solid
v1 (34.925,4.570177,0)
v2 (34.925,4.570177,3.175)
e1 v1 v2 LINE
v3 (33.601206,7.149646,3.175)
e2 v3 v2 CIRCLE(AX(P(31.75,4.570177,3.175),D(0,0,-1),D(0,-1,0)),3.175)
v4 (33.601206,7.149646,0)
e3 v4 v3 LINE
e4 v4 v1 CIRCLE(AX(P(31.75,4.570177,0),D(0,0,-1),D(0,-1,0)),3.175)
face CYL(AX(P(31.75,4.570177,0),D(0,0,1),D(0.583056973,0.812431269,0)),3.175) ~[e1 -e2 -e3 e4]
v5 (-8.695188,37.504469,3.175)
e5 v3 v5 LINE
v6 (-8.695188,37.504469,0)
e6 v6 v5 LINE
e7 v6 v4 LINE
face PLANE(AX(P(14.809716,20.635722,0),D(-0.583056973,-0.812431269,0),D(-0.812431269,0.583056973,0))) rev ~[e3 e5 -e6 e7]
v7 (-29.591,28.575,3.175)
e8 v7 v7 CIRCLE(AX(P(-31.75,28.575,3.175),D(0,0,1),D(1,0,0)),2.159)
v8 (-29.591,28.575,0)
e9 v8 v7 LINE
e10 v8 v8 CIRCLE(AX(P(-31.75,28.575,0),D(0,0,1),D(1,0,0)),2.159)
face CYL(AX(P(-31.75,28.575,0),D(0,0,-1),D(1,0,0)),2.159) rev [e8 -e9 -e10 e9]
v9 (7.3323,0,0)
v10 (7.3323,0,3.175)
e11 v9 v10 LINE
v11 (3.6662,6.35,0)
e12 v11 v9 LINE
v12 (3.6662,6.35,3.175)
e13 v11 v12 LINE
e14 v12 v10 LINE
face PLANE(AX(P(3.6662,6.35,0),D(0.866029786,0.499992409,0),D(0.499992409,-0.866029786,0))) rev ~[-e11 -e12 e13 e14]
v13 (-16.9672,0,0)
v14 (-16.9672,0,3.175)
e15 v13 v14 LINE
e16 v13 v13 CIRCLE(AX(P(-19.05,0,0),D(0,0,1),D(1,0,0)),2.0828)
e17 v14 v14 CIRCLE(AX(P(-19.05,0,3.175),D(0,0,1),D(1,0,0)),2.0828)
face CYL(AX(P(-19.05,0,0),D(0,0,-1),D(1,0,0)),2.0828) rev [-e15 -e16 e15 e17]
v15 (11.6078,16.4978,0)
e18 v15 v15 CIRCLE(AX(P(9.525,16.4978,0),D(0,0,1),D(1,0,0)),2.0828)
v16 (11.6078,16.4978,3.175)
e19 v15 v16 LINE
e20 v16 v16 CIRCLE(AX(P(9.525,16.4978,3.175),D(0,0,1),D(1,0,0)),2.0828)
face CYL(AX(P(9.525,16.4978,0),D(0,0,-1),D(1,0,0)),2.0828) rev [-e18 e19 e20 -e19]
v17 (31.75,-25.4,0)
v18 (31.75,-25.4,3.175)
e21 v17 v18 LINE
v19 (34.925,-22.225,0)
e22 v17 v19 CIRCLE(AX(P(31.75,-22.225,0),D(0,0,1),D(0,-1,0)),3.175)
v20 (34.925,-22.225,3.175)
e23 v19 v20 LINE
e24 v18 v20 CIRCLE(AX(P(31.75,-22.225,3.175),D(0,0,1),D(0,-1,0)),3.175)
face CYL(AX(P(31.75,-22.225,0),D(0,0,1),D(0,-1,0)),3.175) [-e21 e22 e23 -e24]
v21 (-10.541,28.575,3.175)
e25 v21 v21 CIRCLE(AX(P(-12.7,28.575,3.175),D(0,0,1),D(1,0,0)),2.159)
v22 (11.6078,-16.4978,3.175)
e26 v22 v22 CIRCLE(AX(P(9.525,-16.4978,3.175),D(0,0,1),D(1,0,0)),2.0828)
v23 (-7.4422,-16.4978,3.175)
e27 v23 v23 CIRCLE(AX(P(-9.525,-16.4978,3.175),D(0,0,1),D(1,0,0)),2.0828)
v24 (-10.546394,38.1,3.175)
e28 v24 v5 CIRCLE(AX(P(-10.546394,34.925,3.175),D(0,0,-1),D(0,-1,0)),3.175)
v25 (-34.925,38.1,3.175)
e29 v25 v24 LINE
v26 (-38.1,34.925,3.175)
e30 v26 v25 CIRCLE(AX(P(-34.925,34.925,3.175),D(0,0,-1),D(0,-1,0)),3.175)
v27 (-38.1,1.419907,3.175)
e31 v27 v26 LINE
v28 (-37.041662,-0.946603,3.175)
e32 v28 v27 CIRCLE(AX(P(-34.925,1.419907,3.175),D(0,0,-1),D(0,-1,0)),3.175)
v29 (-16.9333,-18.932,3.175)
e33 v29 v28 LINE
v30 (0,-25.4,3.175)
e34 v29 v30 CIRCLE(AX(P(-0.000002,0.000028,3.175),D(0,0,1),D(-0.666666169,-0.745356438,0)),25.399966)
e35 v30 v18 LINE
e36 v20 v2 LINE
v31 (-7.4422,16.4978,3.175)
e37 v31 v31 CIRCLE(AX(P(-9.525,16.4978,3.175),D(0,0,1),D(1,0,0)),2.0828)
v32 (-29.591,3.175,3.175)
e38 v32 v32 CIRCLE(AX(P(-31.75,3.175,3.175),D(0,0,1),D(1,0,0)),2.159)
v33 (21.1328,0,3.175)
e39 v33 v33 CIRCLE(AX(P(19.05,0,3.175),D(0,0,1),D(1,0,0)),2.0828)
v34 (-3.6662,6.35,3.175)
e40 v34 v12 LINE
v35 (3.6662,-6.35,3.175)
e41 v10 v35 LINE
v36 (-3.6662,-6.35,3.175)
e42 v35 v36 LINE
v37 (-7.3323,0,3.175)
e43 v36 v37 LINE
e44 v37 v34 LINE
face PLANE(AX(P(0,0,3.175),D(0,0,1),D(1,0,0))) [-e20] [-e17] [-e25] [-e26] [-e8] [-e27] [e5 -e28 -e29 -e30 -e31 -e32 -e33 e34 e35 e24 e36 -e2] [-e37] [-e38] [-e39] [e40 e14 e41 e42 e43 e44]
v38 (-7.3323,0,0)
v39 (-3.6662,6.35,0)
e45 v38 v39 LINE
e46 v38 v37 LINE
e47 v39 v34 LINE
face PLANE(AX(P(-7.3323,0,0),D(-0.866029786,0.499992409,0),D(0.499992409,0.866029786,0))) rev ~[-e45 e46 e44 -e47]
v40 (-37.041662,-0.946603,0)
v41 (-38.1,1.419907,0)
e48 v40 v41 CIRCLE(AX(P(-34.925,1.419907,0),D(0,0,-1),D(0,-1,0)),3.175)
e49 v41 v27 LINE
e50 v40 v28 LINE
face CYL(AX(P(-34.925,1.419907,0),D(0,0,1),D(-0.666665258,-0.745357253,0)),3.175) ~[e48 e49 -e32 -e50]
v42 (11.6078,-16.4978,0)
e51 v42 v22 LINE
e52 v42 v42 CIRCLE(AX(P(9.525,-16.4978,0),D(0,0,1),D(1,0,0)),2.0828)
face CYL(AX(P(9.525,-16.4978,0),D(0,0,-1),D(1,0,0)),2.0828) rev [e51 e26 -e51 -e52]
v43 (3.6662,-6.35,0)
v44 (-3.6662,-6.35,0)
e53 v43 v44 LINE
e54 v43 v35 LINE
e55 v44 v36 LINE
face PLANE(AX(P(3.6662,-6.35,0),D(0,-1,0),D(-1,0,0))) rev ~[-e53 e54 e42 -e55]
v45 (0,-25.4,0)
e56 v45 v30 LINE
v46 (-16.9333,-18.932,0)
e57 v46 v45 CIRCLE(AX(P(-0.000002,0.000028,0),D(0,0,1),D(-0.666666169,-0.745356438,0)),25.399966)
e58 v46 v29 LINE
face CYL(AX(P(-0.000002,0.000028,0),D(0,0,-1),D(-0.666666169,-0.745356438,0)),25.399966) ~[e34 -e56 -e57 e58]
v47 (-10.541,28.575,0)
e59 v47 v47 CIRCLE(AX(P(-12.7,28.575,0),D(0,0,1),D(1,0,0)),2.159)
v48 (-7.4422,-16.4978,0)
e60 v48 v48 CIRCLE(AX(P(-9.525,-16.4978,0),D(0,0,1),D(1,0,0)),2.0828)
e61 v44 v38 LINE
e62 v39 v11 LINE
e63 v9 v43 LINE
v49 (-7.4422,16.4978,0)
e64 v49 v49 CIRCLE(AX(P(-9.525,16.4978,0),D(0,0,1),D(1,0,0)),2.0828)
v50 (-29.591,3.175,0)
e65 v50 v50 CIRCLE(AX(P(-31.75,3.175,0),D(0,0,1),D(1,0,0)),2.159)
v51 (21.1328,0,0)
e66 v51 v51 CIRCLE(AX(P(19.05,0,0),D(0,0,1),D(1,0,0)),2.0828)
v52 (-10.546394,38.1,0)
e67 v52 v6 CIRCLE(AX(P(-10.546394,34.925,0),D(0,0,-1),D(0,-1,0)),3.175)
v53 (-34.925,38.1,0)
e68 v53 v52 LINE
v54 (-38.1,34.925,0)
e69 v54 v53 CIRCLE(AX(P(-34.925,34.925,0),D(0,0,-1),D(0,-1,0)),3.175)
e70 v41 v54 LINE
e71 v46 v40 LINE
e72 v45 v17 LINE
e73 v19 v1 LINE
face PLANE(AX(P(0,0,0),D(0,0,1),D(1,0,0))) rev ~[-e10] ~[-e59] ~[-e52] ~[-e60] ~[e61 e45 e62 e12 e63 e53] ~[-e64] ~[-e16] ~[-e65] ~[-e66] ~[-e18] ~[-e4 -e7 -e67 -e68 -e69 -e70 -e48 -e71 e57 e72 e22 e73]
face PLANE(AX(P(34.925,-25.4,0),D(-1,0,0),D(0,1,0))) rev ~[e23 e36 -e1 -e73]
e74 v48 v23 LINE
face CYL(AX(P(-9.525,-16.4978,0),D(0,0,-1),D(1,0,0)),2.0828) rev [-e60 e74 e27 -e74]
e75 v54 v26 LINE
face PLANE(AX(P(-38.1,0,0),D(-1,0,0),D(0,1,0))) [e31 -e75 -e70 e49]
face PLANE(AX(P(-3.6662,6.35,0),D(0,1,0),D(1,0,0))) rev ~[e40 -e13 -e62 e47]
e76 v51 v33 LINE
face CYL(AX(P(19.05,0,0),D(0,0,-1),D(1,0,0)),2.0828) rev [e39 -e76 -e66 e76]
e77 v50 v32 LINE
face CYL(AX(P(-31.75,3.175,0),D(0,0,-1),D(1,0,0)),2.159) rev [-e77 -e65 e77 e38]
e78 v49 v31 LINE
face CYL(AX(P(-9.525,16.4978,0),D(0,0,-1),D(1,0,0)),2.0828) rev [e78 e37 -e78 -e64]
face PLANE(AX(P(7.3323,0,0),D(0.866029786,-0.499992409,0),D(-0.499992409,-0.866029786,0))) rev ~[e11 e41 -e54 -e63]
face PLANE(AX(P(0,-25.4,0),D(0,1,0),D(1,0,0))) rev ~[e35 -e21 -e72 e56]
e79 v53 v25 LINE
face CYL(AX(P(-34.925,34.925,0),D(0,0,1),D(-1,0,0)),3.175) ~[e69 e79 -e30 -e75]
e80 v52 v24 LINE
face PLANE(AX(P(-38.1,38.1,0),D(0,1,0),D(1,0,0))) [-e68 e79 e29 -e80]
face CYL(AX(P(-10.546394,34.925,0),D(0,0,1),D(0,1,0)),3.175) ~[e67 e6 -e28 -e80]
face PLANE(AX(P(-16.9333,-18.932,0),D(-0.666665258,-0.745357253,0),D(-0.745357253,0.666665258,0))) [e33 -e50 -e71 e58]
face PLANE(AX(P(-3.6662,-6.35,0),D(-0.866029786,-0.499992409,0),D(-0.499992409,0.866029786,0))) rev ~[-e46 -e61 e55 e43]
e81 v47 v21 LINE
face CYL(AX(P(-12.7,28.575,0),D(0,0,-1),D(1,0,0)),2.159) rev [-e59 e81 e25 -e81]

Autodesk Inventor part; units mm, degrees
ref_plane "YZ Plane" through (0, 0, 0) normal (1, 0, 0) x (0, 1, 0)
ref_plane "XZ Plane" through (0, 0, 0) normal (0, 1, 0) x (-1, 0, 0)
ref_plane "XY Plane" through (0, 0, 0) normal (0, 0, 1) x (1, 0, 0)
sketch "Sketch1" plane through (0, 0, 0) normal (0, 0, 1) x (1, 0, 0)
  arc A0 (-16.9333, -18.932) -> (14.8097, 20.6357) centre (0, 0) ccw
  circle A1 centre (9.525, 16.4978) radius 2.0828
  circle A2 centre (-9.525, 16.4978) radius 2.0828
  circle A3 centre (-19.05, 0) radius 2.0828
  circle A4 centre (-9.525, -16.4978) radius 2.0828
  circle A5 centre (9.525, -16.4978) radius 2.0828
  circle A6 centre (19.05, 0) radius 2.0828
  line L0 (0, 0) -> (-66.675, 0) construction
  line L1 (-16.9333, -18.932) -> (-38.1, 0)
  line L2 (-38.1, 0) -> (-38.1, 38.1)
  line L3 (-38.1, 38.1) -> (-9.525, 38.1)
  circle A7 centre (-31.75, 28.575) radius 2.159
  circle A8 centre (-31.75, 3.175) radius 2.159
  line L4 (34.925, 6.1996) -> (-9.525, 38.1)
  circle A9 centre (-12.7, 28.575) radius 2.159
  line L5 (3.6662, 6.35) -> (7.3323, 0)
  line L6 (7.3323, 0) -> (3.6662, -6.35)
  line L7 (3.6662, -6.35) -> (-3.6662, -6.35)
  line L8 (-3.6662, -6.35) -> (-7.3323, 0)
  line L9 (-7.3323, 0) -> (-3.6662, 6.35)
  line L10 (-3.6662, 6.35) -> (3.6662, 6.35)
  line L11 (0, -25.4) -> (34.925, -25.4)
  line L12 (34.925, -25.4) -> (34.925, 6.1996)
  dimension "d0" = 50.8
  dimension "d2" = 4.1656
  dimension "d3" = 19.05
  dimension "d6" = 360
  dimension "d13" = 38.1
  dimension "d14" = 38.1
  dimension "d15" = 9.525
  dimension "d16" = 6.35
  dimension "d19" = 25.4
  dimension "d31" = 4.318
  dimension "d32" = 28.575
  dimension "d35" = 19.05
  dimension "d41" = 12.7
  dimension "d42" = 34.925
extrude "Extrusion1" add sketch "Sketch1" along normal blind 3.175
fillet "Fillet1" radius 3.175 5 edges at (-38.1, 0, 1.5875) (-38.1, 38.1, 1.5875) (-9.525, 38.1, 1.5875) (34.925, 6.1996, 1.5875) (34.925, -25.4, 1.5875)
properties part number "Hex Shaft Connector Pivot" material "Aluminum 6061"
